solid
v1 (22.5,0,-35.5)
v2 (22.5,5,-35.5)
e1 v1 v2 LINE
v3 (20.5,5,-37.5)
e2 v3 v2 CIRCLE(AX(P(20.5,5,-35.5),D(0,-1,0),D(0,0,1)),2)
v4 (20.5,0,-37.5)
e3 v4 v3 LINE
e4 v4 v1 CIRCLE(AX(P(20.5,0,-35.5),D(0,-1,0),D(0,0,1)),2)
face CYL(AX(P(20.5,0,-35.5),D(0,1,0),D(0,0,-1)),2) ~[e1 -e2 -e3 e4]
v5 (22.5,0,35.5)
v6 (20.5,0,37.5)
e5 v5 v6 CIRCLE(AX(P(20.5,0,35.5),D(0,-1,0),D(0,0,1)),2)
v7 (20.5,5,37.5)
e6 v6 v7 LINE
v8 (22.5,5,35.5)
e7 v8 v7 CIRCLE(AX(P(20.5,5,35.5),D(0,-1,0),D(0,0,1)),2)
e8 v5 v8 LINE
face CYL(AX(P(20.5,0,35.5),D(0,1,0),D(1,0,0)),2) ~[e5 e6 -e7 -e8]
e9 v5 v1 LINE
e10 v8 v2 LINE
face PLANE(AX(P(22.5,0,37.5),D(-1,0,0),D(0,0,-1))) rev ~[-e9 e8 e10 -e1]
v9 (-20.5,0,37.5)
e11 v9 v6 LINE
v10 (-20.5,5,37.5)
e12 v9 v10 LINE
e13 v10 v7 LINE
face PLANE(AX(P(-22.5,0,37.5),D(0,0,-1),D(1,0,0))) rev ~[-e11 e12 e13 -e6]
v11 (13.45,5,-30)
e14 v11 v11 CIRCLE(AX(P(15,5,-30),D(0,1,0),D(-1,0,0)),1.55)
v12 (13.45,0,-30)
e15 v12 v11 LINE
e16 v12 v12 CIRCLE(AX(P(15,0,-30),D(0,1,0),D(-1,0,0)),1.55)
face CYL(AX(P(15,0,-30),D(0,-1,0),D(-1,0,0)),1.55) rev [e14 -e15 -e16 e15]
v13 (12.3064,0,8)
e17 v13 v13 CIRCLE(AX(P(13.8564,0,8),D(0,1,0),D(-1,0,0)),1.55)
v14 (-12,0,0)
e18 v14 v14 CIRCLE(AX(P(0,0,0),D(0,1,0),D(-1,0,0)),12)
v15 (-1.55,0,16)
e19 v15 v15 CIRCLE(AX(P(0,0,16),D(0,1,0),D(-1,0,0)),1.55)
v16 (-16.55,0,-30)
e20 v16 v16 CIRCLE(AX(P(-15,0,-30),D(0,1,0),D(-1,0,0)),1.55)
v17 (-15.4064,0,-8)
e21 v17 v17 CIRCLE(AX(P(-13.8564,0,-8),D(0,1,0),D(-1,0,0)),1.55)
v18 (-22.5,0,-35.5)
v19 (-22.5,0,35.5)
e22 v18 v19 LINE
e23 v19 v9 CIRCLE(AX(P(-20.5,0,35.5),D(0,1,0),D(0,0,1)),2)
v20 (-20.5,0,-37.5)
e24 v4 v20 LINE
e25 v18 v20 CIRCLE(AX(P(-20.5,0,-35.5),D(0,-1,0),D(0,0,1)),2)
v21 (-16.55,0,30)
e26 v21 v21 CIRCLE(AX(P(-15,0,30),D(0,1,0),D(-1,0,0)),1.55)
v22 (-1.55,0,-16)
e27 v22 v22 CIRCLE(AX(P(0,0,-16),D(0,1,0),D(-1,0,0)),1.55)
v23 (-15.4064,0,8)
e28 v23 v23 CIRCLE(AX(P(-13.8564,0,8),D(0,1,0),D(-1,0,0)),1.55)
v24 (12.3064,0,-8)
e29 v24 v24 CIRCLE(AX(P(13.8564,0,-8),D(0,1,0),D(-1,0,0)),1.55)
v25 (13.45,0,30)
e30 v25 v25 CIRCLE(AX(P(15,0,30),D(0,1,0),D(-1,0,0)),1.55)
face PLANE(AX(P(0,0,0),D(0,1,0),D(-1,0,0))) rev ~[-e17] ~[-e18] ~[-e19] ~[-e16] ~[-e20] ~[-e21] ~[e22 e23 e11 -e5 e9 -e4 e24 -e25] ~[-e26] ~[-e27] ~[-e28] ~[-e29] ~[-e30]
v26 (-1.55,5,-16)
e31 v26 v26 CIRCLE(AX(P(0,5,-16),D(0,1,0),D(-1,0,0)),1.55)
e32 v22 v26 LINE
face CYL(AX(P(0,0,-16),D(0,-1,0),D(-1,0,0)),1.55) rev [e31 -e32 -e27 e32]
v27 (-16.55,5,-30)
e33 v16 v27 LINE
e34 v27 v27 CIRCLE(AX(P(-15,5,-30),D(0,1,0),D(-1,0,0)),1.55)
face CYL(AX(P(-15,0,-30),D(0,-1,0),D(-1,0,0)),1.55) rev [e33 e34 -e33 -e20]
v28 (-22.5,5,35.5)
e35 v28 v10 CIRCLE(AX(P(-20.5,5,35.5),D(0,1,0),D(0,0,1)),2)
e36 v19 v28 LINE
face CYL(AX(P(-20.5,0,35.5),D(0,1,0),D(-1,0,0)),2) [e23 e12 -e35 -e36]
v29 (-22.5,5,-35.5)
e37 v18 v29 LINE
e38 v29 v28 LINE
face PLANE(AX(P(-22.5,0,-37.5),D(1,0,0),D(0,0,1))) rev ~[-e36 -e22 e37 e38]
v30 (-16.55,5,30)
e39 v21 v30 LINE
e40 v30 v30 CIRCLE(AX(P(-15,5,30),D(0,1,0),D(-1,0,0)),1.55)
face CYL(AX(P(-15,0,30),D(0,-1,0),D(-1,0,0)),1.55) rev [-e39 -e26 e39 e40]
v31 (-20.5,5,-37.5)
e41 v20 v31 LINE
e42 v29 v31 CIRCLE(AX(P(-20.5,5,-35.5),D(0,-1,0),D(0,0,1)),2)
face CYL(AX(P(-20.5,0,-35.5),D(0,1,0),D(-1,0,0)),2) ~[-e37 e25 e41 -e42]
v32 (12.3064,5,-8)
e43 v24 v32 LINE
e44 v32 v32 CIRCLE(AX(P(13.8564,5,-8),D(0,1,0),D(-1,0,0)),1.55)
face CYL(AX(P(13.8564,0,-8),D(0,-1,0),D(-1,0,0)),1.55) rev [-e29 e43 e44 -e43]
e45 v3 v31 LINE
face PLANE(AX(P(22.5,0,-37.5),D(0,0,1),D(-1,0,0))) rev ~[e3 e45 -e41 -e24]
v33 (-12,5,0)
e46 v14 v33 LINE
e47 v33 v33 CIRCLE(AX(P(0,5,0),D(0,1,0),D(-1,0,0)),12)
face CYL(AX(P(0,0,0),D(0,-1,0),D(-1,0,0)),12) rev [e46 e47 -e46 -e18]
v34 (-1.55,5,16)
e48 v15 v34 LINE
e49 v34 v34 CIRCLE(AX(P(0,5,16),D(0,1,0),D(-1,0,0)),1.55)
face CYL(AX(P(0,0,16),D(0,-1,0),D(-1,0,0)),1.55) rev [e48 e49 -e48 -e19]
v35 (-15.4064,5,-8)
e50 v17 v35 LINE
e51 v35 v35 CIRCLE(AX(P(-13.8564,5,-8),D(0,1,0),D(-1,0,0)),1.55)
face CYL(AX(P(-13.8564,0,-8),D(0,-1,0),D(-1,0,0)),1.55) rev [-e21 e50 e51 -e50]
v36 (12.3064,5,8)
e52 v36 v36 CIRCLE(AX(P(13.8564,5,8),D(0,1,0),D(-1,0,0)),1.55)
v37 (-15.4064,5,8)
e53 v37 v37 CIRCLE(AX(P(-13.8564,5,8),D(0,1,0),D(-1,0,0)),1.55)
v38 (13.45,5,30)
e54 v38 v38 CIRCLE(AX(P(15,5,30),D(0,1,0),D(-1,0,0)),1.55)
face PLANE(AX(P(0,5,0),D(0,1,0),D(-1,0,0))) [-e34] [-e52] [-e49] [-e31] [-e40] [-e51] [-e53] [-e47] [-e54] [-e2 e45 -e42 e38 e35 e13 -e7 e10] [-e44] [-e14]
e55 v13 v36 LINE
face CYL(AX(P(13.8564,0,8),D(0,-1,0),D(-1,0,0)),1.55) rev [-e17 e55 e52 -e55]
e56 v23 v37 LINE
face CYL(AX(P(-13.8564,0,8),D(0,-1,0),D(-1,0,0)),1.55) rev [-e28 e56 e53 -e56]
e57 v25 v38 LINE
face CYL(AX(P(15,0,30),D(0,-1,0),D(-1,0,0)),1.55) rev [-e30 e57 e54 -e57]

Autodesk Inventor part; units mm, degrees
ref_plane "YZ Plane" through (0, 0, 0) normal (1, 0, 0) x (0, 1, 0)
ref_plane "XZ Plane" through (0, 0, 0) normal (0, 1, 0) x (-1, 0, 0)
ref_plane "XY Plane" through (0, 0, 0) normal (0, 0, 1) x (1, 0, 0)
sketch "Sketch1" plane through (0, 0, 0) normal (0, 1, 0) x (-1, 0, 0)
  circle A0 centre (0, 0) radius 12
  line L0 (22.5, 37.5) -> (-22.5, 37.5)
  line L1 (-22.5, 37.5) -> (-22.5, -37.5)
  line L2 (-22.5, -37.5) -> (22.5, -37.5)
  line L3 (22.5, -37.5) -> (22.5, 37.5)
  line L4 (22.5, 37.5) -> (-22.5, -37.5) construction
  line L5 (-22.5, 37.5) -> (22.5, -37.5) construction
  circle A1 centre (0, 0) radius 16 construction
  line L6 (0, 0) -> (0, -16) construction
  circle A2 centre (0, -16) radius 1.55
  circle A3 centre (13.8564, -8) radius 1.55
  circle A4 centre (13.8564, 8) radius 1.55
  circle A5 centre (0, 16) radius 1.55
  circle A6 centre (-13.8564, 8) radius 1.55
  circle A7 centre (-13.8564, -8) radius 1.55
  line L7 (15, -30) -> (-15, -30) construction
  line L8 (-15, -30) -> (-15, 30) construction
  line L9 (-15, 30) -> (15, 30) construction
  line L10 (15, 30) -> (15, -30) construction
  line L11 (15, -30) -> (-15, 30) construction
  line L12 (-15, -30) -> (15, 30) construction
  circle A8 centre (15, -30) radius 1.55
  circle A9 centre (-15, -30) radius 1.55
  circle A10 centre (15, 30) radius 1.55
  circle A11 centre (-15, 30) radius 1.55
  dimension "d3" = 32
  dimension "d0" = 24
  dimension "d1" = 45
  dimension "d2" = 75
  dimension "d4" = 3.1
  dimension "d7" = 360
  dimension "d12" = 30
  dimension "d13" = 60
  dimension "d14" = 3.1
  dimension "d15" = 3.1
  dimension "d16" = 3.1
  dimension "d17" = 3.1
extrude "Extrusion1" add sketch "Sketch1" along normal blind 5
fillet "Fillet1" radius 2 4 edges at (22.5, 2.5, 37.5) (-22.5, 2.5, 37.5) (-22.5, 2.5, -37.5) (22.5, 2.5, -37.5)
properties part number "MotorBracket" material "PC/ABS Plastic"
